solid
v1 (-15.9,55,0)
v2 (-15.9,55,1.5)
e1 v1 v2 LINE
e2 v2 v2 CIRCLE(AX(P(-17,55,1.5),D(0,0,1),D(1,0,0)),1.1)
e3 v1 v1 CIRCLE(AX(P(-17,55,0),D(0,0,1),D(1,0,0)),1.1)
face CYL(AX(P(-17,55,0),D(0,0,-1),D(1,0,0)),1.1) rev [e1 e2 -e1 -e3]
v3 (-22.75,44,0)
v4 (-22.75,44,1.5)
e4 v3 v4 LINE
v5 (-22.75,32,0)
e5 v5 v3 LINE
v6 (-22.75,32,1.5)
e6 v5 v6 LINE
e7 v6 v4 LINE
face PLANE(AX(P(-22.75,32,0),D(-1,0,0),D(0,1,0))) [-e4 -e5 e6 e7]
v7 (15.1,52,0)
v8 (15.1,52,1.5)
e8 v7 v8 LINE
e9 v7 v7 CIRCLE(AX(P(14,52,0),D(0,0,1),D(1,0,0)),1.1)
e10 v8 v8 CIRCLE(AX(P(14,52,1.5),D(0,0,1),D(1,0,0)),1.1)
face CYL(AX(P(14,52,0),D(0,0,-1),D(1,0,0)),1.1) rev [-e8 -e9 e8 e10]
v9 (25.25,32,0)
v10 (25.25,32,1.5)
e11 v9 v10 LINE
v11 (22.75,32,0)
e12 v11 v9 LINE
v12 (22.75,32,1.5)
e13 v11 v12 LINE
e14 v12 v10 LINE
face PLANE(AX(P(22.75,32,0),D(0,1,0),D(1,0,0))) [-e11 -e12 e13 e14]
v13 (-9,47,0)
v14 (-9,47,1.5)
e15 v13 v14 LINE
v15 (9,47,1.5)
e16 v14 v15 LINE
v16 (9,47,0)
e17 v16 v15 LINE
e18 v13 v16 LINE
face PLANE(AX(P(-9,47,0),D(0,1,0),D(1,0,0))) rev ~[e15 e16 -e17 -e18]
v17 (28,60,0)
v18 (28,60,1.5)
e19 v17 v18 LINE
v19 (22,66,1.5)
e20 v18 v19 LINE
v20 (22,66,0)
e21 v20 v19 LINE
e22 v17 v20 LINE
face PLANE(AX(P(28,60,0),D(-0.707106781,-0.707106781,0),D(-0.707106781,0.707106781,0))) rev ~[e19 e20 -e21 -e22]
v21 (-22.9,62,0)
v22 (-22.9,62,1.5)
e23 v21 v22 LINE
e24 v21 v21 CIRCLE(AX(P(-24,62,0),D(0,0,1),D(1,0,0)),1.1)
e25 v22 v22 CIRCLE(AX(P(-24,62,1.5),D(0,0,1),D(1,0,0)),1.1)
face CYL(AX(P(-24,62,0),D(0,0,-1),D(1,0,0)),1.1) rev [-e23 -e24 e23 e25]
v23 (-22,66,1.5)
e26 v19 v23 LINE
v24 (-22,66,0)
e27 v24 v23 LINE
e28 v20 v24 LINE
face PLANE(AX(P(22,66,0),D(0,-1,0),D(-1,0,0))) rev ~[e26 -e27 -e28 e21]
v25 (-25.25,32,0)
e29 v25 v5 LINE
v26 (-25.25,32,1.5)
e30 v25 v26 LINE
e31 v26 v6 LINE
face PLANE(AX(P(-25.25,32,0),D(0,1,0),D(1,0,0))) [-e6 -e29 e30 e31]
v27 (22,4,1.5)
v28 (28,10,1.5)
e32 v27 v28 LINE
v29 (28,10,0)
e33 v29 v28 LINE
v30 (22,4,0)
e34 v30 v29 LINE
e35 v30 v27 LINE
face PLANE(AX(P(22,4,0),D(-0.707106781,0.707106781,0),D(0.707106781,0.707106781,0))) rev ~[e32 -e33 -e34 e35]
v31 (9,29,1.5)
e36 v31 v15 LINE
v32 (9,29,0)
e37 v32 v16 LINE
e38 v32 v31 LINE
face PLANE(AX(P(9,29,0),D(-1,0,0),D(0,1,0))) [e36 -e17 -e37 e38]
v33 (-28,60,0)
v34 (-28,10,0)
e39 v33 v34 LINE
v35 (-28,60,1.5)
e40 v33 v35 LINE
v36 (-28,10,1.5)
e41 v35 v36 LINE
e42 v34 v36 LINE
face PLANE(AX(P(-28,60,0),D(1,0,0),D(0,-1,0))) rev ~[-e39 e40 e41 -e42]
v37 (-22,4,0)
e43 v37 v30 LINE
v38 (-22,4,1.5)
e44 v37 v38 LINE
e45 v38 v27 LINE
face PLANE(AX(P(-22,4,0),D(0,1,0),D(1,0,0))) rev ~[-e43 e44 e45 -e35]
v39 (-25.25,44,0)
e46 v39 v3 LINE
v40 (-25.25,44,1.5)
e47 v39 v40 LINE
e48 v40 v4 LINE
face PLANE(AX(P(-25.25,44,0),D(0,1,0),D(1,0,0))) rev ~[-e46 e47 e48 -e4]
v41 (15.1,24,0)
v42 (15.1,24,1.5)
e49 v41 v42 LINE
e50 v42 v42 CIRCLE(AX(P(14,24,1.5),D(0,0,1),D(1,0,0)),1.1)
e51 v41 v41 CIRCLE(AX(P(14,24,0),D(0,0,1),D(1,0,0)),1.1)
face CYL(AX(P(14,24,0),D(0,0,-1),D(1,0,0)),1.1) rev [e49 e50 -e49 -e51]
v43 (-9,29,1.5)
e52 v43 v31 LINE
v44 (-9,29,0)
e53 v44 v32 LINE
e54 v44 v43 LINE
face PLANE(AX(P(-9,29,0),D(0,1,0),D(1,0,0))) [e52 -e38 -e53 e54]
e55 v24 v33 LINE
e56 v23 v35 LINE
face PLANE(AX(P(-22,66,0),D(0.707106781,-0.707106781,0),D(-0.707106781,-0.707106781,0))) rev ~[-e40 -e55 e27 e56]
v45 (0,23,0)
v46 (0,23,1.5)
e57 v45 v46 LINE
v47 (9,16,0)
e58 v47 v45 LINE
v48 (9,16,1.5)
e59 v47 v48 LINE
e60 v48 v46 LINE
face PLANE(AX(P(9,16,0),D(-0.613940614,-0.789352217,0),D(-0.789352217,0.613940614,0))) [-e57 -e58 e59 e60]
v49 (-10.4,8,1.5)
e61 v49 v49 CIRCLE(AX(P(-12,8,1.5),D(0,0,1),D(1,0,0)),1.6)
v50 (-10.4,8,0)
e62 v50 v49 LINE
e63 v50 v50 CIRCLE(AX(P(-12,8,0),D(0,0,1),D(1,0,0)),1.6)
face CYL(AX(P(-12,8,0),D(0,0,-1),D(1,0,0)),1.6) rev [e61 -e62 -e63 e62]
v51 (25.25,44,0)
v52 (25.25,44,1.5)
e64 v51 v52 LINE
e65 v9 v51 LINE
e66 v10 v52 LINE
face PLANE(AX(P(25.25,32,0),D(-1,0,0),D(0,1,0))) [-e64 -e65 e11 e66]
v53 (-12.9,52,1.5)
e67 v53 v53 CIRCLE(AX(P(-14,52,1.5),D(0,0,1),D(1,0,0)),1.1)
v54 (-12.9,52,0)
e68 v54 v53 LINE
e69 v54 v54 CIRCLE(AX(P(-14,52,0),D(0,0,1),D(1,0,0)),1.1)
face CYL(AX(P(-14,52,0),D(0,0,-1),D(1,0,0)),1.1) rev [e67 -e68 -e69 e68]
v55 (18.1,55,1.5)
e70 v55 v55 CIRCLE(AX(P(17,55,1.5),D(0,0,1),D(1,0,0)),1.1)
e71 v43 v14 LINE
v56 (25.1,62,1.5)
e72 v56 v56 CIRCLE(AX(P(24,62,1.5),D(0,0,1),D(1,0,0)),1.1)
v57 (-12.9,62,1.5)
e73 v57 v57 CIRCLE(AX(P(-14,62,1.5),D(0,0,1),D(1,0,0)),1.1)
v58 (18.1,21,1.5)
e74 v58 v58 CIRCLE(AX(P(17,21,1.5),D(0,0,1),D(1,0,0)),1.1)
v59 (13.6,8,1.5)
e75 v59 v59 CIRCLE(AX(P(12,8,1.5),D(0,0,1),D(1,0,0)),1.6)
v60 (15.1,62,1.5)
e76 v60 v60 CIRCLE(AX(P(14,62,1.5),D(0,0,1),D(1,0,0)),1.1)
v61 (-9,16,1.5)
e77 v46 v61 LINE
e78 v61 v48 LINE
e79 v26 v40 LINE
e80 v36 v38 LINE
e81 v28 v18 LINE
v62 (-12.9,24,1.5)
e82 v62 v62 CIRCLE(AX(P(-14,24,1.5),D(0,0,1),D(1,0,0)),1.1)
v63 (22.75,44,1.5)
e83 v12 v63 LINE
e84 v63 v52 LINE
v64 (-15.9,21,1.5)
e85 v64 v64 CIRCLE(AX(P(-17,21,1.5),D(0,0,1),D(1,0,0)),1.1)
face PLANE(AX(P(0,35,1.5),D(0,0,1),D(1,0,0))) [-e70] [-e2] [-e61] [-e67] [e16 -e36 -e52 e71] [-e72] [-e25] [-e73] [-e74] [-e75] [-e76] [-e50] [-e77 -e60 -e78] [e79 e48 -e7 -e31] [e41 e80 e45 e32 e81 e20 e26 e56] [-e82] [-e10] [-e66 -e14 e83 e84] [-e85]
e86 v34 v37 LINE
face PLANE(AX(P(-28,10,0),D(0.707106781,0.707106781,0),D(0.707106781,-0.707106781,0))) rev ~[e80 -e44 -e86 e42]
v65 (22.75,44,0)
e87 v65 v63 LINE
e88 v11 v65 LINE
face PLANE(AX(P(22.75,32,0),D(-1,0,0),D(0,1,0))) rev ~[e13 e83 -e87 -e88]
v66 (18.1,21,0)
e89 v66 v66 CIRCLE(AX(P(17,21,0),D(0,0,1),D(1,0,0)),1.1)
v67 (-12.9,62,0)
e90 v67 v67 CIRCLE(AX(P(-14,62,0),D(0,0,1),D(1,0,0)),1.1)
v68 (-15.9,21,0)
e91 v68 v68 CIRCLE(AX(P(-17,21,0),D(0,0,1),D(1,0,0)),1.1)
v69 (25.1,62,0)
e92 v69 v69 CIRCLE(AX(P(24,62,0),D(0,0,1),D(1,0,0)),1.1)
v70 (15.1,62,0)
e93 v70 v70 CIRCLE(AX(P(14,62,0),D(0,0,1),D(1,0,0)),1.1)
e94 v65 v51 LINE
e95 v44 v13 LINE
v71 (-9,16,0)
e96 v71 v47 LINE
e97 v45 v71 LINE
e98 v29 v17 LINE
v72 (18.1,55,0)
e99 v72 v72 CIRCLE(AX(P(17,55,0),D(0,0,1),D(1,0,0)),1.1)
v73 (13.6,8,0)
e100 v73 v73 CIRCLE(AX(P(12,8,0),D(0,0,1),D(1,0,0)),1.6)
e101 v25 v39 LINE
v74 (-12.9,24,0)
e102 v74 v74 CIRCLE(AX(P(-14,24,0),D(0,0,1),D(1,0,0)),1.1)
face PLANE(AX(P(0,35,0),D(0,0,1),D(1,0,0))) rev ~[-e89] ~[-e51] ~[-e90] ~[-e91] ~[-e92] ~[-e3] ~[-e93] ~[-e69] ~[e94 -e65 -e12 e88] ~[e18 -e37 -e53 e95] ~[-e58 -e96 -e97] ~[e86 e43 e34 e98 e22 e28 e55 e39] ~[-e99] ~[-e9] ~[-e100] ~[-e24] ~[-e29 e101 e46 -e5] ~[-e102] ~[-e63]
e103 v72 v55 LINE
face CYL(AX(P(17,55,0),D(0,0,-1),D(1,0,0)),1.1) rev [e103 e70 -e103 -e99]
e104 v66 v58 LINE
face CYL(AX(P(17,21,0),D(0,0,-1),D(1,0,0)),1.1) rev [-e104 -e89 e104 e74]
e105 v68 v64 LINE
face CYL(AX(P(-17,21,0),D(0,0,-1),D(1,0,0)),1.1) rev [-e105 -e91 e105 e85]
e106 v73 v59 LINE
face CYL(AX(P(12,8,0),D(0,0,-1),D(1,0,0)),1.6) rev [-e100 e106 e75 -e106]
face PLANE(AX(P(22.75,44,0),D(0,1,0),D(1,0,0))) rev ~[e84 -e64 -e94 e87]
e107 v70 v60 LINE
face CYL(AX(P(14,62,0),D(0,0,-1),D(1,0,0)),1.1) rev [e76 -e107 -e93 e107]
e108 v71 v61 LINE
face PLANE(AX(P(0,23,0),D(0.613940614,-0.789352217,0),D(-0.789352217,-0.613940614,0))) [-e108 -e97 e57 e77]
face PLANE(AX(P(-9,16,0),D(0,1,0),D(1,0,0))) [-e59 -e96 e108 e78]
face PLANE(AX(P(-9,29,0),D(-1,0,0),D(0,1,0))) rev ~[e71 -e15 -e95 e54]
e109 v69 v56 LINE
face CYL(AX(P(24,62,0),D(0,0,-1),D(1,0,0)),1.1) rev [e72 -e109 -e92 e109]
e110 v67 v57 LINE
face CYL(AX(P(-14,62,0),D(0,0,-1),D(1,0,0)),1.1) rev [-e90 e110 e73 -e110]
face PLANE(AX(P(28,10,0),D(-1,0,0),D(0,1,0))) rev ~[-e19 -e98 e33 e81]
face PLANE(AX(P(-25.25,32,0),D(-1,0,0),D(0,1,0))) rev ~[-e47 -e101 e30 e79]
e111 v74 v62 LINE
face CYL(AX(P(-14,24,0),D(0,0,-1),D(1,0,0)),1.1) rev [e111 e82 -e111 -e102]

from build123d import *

# Parameters (mm, degrees)
SKETCH_1_R        = 1.6
SKETCH_1_R_2      = 1.1
SKETCH_1_W        = 2.5
SKETCH_1_H        = 12
SKETCH_1_W_2      = 18
SKETCH_1_H_2      = 18
EXTRUDE_284_DEPTH = 1.5
SKETCH_2_R        = 1.1
D2P2_DEPTH        = 1.5


with BuildPart() as part:
    # 草图1 → Extrude 284 (new body)
    with BuildSketch(Plane.XY):
        Polygon((-22, 4), (22, 4), (28, 10), (28, 60), (22, 66), (-22, 66), (-28, 60), (-28, 10), align=None)
        with Locations((-12, 8)):
            Circle(SKETCH_1_R, mode=Mode.SUBTRACT)
        with Locations((-24, 62)):
            Circle(SKETCH_1_R_2, mode=Mode.SUBTRACT)
        with Locations((12, 8)):
            Circle(SKETCH_1_R, mode=Mode.SUBTRACT)
        with Locations((24, 62)):
            Circle(SKETCH_1_R_2, mode=Mode.SUBTRACT)
        with Locations((-14, 24)):
            Circle(SKETCH_1_R_2, mode=Mode.SUBTRACT)
        with Locations((-14, 52)):
            Circle(SKETCH_1_R_2, mode=Mode.SUBTRACT)
        with Locations((14, 24)):
            Circle(SKETCH_1_R_2, mode=Mode.SUBTRACT)
        with Locations((14, 52)):
            Circle(SKETCH_1_R_2, mode=Mode.SUBTRACT)
        with Locations((-17, 21)):
            Circle(SKETCH_1_R_2, mode=Mode.SUBTRACT)
        with Locations((-17, 55)):
            Circle(SKETCH_1_R_2, mode=Mode.SUBTRACT)
        with Locations((17, 21)):
            Circle(SKETCH_1_R_2, mode=Mode.SUBTRACT)
        with Locations((17, 55)):
            Circle(SKETCH_1_R_2, mode=Mode.SUBTRACT)
        with Locations((-24, 38)):
            Rectangle(SKETCH_1_W, SKETCH_1_H, mode=Mode.SUBTRACT)
        with Locations((24, 38)):
            Rectangle(SKETCH_1_W, SKETCH_1_H, mode=Mode.SUBTRACT)
        with Locations((0, 38)):
            Rectangle(SKETCH_1_W_2, SKETCH_1_H_2, mode=Mode.SUBTRACT)
        Polygon((-9, 16), (9, 16), (0, 23), align=None, mode=Mode.SUBTRACT)
    extrude(amount=EXTRUDE_284_DEPTH)

    # 草图2 → 外拉钢索两孔_D2p2 (cut)
    with BuildSketch(Plane.XY):
        with Locations((-14, 62)):
            Circle(SKETCH_2_R)
        with Locations((14, 62)):
            Circle(SKETCH_2_R)
    extrude(amount=D2P2_DEPTH, mode=Mode.SUBTRACT)


solid = part.part
